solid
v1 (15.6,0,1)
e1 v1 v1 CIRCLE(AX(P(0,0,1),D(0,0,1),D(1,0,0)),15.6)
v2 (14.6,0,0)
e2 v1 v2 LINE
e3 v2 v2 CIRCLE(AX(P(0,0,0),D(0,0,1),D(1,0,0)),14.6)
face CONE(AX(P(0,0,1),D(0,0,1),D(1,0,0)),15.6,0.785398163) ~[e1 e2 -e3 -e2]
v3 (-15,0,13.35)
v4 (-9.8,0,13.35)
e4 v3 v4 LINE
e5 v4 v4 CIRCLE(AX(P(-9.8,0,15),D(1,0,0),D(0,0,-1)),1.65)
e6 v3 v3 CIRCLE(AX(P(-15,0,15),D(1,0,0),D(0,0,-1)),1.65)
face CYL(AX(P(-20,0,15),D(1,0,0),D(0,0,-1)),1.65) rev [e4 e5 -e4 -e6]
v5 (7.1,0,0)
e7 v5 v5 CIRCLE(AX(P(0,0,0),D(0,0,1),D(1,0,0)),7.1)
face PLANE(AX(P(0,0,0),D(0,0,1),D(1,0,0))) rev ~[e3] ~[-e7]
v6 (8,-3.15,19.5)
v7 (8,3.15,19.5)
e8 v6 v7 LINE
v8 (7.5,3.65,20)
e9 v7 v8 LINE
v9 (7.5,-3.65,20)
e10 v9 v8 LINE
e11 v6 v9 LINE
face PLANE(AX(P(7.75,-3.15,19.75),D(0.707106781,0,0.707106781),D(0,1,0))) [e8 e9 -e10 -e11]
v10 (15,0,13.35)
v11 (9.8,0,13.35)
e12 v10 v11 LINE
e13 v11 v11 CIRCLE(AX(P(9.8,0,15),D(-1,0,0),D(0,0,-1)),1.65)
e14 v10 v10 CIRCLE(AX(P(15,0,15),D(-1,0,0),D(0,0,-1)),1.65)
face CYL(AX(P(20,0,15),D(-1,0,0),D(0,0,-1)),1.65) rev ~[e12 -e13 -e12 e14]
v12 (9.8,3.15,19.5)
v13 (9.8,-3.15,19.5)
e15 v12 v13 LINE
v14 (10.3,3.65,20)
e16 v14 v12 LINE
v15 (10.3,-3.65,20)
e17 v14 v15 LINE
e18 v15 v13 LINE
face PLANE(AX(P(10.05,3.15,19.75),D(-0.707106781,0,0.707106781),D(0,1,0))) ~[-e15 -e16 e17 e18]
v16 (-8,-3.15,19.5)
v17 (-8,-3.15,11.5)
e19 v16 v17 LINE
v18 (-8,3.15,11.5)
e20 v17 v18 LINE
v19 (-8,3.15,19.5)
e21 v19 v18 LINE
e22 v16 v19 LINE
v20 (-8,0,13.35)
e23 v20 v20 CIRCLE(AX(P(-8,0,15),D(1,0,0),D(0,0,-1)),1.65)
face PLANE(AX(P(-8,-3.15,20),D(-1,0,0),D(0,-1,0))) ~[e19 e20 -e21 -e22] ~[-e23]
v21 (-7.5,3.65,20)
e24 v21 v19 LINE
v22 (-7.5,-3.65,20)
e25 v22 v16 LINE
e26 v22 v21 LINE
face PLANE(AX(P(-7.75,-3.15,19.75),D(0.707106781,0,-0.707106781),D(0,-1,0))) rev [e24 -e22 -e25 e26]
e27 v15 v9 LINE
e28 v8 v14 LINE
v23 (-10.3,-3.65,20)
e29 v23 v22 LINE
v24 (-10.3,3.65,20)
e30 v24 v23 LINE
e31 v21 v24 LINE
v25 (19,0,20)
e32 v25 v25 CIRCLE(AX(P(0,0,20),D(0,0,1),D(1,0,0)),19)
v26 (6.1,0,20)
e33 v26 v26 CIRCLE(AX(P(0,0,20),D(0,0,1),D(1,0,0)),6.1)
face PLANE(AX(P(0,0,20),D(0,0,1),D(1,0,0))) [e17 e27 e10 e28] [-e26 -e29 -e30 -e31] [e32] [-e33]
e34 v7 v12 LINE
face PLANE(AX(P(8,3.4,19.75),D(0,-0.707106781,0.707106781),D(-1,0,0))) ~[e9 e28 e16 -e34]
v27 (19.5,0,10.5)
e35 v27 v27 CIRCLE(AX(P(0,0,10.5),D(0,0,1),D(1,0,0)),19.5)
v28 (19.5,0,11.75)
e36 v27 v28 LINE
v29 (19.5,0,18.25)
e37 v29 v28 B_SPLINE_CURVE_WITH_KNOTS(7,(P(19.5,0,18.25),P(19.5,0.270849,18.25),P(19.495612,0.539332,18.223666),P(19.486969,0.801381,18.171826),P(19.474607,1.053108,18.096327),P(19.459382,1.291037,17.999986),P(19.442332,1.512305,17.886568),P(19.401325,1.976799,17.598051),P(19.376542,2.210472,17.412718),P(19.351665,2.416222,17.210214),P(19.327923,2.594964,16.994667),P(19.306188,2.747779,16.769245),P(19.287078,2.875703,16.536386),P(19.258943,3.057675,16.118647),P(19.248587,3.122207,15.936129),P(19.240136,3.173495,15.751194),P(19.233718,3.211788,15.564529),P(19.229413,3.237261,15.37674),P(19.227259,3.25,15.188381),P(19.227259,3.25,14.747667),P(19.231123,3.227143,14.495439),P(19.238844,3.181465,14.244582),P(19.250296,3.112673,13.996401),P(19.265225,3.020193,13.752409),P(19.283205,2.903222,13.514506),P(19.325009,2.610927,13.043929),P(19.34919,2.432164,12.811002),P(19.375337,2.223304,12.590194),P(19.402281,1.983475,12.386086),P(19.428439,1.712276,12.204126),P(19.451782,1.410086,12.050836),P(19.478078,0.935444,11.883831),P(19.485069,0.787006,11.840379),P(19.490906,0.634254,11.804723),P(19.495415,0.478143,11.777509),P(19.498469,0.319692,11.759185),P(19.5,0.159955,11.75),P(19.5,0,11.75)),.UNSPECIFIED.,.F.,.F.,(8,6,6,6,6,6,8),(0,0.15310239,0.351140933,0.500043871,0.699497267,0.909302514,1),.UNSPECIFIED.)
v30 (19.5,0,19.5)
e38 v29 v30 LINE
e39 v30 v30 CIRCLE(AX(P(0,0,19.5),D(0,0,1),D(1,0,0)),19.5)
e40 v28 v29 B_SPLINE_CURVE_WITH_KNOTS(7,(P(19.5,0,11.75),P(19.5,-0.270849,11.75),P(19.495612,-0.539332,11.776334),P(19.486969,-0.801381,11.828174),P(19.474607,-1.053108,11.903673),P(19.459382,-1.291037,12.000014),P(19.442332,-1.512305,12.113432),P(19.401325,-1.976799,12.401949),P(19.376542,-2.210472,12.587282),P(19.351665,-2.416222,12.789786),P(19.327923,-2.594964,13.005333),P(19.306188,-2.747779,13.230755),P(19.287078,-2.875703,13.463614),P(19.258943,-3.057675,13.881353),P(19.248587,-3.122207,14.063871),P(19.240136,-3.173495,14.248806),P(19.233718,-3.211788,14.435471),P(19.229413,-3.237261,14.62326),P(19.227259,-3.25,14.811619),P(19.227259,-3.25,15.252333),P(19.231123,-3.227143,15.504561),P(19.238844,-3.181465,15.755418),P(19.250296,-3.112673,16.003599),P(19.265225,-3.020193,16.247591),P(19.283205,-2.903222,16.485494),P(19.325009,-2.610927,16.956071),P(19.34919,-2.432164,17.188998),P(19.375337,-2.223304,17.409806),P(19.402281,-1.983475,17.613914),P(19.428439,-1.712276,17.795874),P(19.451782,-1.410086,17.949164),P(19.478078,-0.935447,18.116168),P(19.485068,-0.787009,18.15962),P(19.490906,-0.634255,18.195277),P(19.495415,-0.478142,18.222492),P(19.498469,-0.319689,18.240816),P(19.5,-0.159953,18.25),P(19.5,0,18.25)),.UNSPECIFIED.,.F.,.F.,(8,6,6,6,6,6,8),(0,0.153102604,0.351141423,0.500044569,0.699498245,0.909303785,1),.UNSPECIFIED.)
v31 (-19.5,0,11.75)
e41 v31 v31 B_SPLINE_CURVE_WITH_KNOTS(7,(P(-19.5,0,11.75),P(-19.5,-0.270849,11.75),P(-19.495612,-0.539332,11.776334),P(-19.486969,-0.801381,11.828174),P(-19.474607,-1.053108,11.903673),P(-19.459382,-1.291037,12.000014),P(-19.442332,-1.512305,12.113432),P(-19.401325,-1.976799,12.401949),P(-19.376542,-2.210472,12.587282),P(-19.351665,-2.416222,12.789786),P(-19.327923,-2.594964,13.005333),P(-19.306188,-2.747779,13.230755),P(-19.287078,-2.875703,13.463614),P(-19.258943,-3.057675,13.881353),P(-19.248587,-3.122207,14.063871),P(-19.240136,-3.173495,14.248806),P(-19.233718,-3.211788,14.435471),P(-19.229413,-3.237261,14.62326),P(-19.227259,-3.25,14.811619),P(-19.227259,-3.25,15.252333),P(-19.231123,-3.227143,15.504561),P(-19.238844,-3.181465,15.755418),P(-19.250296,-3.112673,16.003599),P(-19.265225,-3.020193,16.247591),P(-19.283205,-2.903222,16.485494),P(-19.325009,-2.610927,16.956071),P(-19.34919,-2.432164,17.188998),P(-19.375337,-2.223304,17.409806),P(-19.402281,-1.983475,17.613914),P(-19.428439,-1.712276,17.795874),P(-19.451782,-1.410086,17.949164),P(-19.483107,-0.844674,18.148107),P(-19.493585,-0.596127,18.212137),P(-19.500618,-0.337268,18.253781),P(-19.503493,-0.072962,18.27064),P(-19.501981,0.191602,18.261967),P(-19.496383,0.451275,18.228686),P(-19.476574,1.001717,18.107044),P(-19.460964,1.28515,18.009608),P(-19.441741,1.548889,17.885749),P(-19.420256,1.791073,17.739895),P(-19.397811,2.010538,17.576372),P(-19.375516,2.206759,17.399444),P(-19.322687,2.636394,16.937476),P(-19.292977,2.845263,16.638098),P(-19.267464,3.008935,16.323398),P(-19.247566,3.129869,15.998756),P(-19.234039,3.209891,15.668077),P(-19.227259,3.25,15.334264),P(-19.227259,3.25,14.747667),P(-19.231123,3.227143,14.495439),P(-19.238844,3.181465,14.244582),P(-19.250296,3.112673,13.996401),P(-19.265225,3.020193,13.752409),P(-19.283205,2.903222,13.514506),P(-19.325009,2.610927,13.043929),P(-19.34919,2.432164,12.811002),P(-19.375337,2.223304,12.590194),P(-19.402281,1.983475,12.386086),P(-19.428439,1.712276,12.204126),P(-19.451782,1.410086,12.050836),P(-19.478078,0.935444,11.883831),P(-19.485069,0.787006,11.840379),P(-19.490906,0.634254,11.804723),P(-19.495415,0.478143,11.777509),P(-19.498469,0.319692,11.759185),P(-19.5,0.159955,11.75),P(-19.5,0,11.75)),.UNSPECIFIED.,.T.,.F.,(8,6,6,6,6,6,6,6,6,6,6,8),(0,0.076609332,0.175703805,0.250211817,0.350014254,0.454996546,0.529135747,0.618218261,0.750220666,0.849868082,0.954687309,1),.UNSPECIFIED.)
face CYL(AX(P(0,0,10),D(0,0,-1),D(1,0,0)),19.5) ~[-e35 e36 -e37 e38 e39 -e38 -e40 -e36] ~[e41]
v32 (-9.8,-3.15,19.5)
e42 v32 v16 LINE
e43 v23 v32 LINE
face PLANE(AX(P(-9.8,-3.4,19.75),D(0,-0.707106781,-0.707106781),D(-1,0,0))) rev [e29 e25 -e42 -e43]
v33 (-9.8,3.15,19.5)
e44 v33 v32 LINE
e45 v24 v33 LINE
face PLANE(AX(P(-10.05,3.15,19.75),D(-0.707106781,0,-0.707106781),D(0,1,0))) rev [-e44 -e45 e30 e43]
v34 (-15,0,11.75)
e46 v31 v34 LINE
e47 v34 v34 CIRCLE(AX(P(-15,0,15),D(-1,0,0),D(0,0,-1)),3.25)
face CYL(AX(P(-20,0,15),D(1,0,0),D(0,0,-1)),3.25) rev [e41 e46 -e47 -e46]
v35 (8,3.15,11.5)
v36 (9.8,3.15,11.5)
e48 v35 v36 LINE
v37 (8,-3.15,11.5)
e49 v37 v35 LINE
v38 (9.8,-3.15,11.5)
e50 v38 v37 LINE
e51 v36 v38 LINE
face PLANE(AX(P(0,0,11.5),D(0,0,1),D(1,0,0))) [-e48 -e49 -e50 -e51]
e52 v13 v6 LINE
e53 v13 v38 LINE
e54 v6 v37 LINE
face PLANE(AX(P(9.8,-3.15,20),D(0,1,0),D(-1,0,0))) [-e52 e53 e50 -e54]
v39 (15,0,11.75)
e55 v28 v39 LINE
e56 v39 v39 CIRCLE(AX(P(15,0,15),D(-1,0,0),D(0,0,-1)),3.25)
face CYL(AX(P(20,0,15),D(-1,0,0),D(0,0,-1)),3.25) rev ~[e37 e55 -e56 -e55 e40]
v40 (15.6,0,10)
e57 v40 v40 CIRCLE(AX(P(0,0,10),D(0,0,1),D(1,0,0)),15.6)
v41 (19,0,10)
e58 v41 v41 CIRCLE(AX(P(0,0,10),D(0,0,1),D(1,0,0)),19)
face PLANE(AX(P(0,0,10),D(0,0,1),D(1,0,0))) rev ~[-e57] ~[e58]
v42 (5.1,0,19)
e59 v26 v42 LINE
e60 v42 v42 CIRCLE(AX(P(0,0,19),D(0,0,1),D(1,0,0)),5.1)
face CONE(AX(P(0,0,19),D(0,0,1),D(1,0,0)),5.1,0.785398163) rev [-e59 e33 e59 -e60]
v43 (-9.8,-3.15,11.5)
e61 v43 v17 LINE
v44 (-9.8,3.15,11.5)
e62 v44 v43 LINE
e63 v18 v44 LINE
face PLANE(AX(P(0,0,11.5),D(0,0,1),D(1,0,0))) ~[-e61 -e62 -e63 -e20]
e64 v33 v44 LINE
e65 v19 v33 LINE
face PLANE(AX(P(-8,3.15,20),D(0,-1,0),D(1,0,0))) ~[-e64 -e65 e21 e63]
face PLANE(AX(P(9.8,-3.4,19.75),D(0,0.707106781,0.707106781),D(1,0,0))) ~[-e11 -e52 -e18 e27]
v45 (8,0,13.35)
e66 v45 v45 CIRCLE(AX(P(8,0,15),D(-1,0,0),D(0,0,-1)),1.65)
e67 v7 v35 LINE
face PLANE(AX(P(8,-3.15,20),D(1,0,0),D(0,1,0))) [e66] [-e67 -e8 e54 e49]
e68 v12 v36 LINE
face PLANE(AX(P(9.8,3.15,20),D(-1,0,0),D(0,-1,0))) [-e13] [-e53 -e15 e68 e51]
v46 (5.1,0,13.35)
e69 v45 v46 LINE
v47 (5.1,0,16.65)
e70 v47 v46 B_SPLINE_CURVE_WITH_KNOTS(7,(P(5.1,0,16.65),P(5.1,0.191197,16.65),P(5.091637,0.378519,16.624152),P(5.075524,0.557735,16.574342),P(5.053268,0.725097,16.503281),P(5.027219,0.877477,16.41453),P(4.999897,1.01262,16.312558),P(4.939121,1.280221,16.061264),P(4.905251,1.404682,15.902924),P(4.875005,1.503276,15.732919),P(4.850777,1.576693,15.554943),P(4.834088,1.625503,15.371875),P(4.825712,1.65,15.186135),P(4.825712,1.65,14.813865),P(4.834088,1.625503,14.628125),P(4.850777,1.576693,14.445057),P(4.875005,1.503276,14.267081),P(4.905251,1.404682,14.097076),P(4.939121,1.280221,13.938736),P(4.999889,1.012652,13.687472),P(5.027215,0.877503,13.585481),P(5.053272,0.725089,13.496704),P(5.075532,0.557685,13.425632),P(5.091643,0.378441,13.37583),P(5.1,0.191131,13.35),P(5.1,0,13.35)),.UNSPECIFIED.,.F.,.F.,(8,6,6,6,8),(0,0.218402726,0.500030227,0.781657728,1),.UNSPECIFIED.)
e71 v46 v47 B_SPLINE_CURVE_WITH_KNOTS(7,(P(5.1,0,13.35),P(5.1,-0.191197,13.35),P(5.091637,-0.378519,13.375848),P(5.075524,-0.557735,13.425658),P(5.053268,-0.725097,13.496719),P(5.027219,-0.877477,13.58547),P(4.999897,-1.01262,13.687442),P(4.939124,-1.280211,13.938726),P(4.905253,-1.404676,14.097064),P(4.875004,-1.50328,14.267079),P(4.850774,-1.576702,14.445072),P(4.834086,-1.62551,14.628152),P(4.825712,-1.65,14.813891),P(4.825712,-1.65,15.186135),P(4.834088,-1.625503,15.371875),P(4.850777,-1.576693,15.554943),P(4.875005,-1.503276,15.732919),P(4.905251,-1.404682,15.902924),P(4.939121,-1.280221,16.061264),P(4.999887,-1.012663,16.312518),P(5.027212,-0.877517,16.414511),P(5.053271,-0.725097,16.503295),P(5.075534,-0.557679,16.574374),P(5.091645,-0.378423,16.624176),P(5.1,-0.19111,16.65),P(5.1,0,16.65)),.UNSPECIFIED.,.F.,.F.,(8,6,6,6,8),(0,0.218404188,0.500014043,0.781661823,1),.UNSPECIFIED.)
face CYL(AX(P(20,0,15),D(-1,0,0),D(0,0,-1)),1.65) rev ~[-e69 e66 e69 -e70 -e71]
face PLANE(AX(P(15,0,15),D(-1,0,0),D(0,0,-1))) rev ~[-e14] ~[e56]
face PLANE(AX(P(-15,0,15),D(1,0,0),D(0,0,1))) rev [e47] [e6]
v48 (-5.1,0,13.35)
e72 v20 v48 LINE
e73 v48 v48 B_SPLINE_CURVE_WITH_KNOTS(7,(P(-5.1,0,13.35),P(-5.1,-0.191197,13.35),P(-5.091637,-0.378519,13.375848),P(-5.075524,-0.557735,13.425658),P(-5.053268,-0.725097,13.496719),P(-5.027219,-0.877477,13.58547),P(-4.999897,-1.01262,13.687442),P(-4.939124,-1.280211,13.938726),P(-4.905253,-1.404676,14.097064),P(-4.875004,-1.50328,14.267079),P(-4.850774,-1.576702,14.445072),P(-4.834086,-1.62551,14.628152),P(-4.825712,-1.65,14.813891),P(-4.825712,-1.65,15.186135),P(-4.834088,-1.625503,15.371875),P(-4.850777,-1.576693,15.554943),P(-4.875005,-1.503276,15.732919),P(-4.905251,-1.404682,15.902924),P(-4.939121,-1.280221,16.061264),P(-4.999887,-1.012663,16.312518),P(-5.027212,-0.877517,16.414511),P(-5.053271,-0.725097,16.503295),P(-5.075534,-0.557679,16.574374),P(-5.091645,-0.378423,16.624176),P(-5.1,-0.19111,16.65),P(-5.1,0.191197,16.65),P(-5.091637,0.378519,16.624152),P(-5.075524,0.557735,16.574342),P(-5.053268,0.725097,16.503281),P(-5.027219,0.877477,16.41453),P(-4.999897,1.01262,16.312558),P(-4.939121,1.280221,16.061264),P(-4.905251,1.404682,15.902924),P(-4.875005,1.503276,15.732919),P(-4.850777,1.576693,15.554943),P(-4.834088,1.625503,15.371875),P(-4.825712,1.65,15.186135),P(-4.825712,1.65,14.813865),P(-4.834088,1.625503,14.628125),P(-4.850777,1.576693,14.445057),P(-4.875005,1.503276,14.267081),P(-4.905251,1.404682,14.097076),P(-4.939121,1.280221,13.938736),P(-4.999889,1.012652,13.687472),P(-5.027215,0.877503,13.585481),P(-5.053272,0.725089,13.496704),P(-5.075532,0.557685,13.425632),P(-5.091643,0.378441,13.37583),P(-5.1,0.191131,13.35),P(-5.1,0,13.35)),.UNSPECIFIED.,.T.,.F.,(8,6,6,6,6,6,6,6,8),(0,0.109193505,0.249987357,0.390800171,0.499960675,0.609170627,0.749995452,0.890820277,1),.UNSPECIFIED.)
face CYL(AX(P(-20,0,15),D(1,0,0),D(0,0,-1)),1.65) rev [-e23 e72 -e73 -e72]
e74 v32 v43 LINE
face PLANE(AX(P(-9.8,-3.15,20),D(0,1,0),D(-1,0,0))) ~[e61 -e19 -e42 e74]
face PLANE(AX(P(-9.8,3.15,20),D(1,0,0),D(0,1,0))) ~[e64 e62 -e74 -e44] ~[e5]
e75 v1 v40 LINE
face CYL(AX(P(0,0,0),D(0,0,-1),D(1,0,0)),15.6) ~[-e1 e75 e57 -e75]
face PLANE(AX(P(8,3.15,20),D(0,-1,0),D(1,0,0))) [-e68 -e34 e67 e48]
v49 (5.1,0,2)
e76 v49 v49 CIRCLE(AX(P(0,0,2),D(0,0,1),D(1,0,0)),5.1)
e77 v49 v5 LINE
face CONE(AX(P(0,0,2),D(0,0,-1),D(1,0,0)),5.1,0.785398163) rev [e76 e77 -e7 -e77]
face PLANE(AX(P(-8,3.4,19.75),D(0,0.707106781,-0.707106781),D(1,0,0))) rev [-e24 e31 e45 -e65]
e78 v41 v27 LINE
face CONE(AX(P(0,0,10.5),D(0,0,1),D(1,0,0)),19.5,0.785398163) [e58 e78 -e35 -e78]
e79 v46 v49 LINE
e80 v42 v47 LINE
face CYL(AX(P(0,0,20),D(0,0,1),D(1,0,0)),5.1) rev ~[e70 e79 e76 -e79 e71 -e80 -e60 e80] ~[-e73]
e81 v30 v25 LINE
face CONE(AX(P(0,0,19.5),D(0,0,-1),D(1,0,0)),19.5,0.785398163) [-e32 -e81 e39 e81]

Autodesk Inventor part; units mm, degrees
ref_plane "XZ Plane" through (0, 0, 0) normal (0, 1, 0) x (-1, 0, 0)
ref_plane "XY Plane" through (0, 0, 0) normal (0, 0, 1) x (1, 0, 0)
sketch "スケッチ1" plane through (0, 0, 0) normal (0, 0, 1) x (1, 0, 0)
  circle A0 centre (0, 0) radius 15.6
  dimension "d0" = 31.2
extrude "押し出し1" add sketch "スケッチ1" along normal blind 10
sketch "スケッチ2" plane through (0, 0, 10) normal (0, 0, 1) x (1, 0, 0)
  circle A0 centre (0, 0) radius 15.6 projected
  circle A1 centre (0, 0) radius 19.5
  dimension "d3" = 39
extrude "押し出し2" add sketch "スケッチ2" along normal blind 10 contours A0 | A1
chamfer "面取り1" distance 1 angle 45 1 edges at (-15.6, 0, 0)
chamfer "面取り2" distance 0.5 angle 45 2 edges at (-19.5, 0, 20) (-19.5, 0, 10)
sketch "スケッチ3" plane through (0, 0, 20) normal (0, 0, 1) x (1, 0, 0)
  circle A0 centre (0, 0) radius 19 projected
  circle A1 centre (0, 0) radius 5.1
  dimension "d12" = 10.2
extrude "押し出し3" cut sketch "スケッチ3" against normal through all contours A1
chamfer "面取り3" distance 1 angle 45 1 edges at (-5.1, 0, 20)
ref_plane "作業平面1" through (20, 0, 0) normal (1, 0, 0) x (0, 1, 0)
sketch "スケッチ4" plane through (20, 0, 0) normal (1, 0, 0) x (0, 1, 0)
  line L0 (19.5, 19.5) -> (-19.5, 19.5) projected
  line L1 (-19.5, 10.5) -> (19.5, 10.5) projected
  line L2 (-19, 20) -> (19, 20) projected
  point P0 (0, 0)
  point P1 (0, 15)
  dimension "d44" = 5
hole "穴1" at (20, 0, 15) direction (-1, 0, 0) diameter 3.3 depth 17.75 tip angle 118
sketch "スケッチ5" plane through (20, 0, 0) normal (1, 0, 0) x (0, 1, 0)
  line L0 (-19.5, 10.5) -> (19.5, 10.5) projected
  line L1 (19.5, 19.5) -> (-19.5, 19.5) projected
  line L2 (-19, 20) -> (19, 20) projected
  point P0 (0, 0)
  point P1 (1.65, 15)
  point P2 (0, 15)
  point P3 (-1.65, 15)
  point P4 (1.65, 15)
  dimension "d45" = 5
hole "穴2" at (20, 0, 15) direction (-1, 0, 0) diameter 6.5 depth 5
sketch "スケッチ6" plane through (0, 0, 20) normal (0, 0, 1) x (1, 0, 0)
  circle A0 centre (0, 0) radius 19 projected
  line L0 (8, 3.15) -> (9.8, 3.15)
  line L1 (9.8, 3.15) -> (9.8, -3.15)
  line L2 (9.8, -3.15) -> (8, -3.15)
  line L3 (8, -3.15) -> (8, 3.15)
  dimension "d34" = 1.8
  dimension "d35" = 6.3
  dimension "d36" = 3.15
  dimension "d37" = 8
extrude "押し出し4" cut sketch "スケッチ6" against normal blind 8.5 contours L0 L1 L2 L3
mirror "ミラー1" about plane through (0, 0, 0) normal (1, 0, 0) of "穴2", "穴1", "押し出し4"
chamfer "面取り4" distance 2 angle 45 1 edges at (-5.1, 0, 0)
chamfer "面取り5" distance 0.5 angle 45 8 edges at (9.8, 0, 20) (8, 0, 20) (8.9, -3.15, 20) (8.9, 3.15, 20) (-8.9, 3.15, 20) (-8.9, -3.15, 20) (-9.8, 0, 20) (-8, 0, 20)
properties part number "Print_Parts_A1" material "PC/ABS プラスチック"
